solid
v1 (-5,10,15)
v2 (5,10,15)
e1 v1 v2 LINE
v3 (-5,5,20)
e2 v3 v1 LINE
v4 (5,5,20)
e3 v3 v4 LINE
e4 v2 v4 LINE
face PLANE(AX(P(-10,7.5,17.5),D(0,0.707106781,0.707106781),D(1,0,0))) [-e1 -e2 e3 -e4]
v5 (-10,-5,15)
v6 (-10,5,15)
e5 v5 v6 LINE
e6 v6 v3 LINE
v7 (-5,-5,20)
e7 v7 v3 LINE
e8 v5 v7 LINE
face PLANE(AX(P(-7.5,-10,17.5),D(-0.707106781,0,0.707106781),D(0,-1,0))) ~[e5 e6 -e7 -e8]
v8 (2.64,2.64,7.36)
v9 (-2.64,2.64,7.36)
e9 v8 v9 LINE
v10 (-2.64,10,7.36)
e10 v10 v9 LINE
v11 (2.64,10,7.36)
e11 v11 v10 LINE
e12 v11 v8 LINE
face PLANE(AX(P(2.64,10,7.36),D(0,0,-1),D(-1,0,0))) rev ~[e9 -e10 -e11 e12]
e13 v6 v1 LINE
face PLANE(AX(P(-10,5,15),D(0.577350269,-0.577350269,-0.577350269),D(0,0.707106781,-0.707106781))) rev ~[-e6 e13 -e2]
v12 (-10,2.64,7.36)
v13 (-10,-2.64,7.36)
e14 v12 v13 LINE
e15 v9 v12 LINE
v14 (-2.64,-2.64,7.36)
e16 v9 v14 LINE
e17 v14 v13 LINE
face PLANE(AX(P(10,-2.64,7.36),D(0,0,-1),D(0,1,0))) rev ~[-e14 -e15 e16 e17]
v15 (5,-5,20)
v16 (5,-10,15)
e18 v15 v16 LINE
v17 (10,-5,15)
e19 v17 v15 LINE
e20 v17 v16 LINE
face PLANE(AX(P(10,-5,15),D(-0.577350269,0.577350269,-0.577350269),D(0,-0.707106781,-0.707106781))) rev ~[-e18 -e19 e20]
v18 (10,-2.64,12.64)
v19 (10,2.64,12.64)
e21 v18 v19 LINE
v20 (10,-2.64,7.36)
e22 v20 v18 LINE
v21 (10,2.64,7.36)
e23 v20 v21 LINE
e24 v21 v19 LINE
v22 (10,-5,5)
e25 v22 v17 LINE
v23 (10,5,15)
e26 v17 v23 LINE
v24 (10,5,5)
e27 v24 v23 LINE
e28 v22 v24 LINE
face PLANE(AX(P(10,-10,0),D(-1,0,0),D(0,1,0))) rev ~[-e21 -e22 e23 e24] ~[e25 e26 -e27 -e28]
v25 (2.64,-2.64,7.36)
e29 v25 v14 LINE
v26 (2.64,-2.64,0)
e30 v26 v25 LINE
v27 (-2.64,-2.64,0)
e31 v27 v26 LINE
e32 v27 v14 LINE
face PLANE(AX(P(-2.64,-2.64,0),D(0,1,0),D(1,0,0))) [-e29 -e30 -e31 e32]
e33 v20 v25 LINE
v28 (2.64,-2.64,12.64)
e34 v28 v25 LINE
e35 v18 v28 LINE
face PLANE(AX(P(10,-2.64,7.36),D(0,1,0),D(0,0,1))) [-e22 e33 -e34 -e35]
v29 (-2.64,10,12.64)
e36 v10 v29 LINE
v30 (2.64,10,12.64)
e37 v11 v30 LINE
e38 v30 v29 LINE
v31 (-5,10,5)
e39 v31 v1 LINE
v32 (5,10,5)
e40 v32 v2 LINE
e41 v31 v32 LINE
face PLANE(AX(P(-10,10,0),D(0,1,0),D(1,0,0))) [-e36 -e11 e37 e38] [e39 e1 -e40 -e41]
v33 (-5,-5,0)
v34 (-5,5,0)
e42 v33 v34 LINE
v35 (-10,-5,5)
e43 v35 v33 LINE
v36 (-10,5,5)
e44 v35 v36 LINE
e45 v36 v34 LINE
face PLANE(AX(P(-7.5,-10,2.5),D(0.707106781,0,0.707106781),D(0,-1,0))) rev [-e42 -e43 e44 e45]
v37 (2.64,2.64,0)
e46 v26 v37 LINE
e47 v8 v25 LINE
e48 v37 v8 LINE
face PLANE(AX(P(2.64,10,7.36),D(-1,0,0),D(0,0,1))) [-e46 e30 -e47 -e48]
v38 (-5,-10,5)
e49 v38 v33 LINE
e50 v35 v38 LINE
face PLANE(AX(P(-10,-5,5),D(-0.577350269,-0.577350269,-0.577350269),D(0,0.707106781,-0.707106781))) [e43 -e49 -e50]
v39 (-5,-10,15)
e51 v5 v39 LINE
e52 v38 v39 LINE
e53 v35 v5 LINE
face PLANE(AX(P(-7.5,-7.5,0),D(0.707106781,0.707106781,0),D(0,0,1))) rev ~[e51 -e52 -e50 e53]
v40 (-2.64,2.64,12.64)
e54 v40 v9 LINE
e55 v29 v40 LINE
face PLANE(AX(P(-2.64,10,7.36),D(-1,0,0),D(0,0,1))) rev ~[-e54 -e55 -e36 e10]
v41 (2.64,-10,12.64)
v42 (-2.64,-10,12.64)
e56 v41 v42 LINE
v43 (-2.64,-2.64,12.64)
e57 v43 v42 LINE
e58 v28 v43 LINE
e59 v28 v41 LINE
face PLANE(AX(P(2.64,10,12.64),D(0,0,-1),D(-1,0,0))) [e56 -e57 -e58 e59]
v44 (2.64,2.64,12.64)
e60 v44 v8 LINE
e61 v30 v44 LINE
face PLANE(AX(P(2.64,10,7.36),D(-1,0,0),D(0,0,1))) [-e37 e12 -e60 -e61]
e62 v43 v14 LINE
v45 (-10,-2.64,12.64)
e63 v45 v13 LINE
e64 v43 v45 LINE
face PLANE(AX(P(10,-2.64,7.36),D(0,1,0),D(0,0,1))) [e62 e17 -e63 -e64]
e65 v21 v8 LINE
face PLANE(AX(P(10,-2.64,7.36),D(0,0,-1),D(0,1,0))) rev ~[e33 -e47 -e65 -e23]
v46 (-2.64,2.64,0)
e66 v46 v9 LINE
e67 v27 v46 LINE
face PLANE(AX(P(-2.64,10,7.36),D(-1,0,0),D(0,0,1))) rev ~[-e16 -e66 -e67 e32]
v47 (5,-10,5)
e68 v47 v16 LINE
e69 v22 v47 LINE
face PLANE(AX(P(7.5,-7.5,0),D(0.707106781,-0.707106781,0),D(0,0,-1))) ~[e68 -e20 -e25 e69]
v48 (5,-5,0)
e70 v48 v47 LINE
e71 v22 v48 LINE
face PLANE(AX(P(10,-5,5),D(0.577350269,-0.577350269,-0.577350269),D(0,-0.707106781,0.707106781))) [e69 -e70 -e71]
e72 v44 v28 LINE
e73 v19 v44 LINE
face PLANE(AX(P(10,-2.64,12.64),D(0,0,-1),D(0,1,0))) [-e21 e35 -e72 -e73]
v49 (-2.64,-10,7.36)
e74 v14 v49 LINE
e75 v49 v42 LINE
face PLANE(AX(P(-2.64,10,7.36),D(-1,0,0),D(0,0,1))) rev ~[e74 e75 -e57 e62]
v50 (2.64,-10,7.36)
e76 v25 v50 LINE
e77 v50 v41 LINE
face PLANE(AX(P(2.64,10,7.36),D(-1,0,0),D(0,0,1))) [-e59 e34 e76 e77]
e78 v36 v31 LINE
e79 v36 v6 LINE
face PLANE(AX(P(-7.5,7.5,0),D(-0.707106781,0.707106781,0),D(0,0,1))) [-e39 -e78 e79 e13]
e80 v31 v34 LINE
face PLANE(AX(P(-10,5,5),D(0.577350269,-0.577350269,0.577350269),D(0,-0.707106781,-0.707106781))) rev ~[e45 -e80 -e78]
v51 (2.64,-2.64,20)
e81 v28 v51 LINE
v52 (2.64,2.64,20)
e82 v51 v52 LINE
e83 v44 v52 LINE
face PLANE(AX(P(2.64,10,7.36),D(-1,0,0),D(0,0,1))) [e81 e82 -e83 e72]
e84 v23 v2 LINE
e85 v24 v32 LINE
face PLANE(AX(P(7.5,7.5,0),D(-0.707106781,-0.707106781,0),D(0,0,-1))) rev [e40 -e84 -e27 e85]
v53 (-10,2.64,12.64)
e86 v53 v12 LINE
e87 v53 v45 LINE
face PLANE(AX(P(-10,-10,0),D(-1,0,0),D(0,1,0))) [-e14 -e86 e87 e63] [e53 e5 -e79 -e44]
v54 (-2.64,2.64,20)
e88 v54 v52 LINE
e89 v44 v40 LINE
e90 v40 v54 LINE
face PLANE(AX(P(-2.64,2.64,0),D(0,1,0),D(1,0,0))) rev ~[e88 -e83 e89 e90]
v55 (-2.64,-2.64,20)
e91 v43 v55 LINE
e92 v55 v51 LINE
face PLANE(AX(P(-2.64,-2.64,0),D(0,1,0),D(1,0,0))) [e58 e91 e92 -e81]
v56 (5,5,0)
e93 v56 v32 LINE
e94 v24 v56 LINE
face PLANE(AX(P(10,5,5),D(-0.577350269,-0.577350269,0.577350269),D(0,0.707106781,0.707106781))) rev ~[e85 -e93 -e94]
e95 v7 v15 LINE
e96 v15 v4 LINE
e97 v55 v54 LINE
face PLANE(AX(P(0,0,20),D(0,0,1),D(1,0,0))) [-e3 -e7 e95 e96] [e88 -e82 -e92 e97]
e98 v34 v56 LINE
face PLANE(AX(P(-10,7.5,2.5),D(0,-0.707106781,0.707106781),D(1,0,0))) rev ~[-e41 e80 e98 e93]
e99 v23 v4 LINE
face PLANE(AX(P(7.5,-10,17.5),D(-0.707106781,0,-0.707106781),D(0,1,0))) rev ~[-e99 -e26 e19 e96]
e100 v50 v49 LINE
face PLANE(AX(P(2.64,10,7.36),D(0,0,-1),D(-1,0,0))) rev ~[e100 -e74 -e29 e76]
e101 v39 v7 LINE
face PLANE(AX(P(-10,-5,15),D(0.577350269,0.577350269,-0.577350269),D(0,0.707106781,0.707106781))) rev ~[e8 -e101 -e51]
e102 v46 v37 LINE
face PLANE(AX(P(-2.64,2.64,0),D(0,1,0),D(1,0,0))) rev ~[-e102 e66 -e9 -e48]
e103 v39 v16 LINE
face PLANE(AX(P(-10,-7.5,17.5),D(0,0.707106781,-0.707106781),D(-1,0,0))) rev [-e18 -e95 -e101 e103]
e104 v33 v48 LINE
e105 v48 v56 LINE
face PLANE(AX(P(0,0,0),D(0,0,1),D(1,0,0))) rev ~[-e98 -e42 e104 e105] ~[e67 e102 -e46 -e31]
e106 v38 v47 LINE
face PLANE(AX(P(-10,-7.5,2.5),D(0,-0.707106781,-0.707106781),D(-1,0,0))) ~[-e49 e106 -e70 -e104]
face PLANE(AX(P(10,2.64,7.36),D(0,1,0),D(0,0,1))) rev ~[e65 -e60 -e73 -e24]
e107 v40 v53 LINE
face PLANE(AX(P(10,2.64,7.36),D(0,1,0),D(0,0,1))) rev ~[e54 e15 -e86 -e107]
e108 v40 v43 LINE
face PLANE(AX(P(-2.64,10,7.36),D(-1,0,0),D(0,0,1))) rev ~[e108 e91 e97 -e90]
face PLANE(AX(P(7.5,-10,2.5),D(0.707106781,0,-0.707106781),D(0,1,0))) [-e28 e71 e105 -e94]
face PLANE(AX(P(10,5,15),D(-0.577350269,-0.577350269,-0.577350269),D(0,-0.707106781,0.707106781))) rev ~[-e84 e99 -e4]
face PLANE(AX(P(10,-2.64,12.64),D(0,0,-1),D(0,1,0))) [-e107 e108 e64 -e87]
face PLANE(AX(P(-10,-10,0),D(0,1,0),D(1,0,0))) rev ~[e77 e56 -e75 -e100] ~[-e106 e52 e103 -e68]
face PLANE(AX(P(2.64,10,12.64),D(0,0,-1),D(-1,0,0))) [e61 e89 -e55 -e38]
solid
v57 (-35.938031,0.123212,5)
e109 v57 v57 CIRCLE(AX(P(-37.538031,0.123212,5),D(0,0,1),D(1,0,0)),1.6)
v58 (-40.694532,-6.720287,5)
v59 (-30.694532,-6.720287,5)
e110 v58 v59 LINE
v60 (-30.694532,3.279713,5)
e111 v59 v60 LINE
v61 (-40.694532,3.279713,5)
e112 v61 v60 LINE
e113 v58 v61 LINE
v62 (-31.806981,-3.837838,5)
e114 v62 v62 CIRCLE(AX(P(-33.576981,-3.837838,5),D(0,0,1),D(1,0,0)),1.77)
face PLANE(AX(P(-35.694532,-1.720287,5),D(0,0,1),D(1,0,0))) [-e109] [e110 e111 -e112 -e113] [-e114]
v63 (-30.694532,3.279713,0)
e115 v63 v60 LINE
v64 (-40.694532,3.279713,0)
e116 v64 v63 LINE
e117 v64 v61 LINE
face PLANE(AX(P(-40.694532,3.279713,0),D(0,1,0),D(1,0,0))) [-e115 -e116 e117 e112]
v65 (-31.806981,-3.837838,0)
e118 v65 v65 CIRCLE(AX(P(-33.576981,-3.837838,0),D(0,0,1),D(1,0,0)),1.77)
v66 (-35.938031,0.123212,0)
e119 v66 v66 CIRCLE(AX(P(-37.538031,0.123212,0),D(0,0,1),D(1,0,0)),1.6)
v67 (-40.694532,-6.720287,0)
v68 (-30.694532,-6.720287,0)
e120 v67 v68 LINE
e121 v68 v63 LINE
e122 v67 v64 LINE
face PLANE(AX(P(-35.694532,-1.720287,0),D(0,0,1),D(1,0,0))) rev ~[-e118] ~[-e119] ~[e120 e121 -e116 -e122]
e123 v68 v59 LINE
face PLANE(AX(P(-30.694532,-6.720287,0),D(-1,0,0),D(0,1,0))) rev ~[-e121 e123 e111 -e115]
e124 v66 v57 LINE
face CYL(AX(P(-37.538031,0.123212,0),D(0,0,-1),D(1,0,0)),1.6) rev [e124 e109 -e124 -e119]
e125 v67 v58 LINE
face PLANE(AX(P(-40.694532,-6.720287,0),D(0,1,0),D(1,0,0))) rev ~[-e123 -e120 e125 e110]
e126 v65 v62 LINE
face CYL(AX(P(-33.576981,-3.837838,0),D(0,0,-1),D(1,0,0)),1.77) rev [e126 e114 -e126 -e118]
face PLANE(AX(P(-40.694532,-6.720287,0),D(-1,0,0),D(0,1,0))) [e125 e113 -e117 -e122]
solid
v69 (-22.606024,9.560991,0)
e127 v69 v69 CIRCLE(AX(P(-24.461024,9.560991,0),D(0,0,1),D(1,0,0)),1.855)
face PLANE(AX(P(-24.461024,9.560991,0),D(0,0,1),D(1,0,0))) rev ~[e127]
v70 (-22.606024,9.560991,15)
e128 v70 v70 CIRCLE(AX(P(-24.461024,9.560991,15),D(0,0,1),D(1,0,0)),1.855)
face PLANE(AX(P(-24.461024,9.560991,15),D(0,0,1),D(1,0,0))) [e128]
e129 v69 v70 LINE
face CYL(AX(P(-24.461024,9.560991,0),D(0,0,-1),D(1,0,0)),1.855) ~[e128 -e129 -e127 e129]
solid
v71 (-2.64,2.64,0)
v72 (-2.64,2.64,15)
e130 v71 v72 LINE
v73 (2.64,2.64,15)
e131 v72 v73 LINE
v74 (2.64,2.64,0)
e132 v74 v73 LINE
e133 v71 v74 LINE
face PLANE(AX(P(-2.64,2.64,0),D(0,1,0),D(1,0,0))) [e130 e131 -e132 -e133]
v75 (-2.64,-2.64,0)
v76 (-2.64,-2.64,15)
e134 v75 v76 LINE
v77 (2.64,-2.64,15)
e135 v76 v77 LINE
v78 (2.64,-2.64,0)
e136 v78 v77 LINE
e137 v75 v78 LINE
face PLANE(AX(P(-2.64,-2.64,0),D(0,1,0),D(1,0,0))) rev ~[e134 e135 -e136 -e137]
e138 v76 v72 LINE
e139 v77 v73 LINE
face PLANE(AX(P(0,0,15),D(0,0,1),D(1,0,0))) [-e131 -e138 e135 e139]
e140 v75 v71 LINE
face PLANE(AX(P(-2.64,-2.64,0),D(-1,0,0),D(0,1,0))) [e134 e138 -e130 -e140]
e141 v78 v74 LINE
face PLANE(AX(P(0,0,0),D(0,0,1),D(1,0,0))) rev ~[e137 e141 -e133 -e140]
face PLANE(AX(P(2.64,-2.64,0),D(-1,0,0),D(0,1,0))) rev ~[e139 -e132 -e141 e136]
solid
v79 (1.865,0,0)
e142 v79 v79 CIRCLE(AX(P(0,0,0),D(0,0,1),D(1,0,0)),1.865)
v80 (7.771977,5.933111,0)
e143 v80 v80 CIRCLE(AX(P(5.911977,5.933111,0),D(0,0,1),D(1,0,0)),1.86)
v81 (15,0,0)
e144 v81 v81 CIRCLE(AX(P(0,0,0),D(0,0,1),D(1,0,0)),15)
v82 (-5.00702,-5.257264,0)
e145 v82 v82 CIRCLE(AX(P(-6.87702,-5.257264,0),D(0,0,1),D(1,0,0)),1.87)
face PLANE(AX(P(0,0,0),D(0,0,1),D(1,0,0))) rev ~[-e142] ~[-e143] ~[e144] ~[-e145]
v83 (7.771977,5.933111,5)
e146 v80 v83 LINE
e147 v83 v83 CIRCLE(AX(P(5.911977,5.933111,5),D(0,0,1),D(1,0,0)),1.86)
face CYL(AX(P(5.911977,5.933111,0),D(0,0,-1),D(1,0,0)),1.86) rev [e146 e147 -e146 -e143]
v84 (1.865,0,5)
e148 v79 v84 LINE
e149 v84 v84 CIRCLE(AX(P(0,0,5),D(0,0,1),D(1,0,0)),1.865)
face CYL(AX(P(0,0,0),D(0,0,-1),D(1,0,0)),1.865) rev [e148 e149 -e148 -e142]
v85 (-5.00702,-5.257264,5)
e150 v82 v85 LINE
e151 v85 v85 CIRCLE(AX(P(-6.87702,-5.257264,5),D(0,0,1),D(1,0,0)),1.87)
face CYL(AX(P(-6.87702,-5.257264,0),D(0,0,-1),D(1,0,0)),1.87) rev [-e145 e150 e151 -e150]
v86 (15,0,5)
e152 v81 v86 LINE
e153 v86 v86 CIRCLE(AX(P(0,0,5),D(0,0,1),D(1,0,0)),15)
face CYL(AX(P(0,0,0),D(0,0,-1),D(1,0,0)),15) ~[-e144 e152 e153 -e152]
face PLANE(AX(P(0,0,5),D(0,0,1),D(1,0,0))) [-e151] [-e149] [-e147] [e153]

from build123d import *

# Parameters (mm, degrees)
F0_R      = 15
F0_R_2    = 1.87
F0_R_3    = 1.865
F0_R_4    = 1.86
F1_DEPTH  = 5
F2_R      = 1.855
F3_DEPTH  = 15
F4_W      = 10
F4_H      = 10
F4_R      = 1.77
F4_R_2    = 1.6
F5_DEPTH  = 5
F6_W      = 20
F6_H      = 20
F6_W_2    = 5.28
F6_H_2    = 5.28
F7_DEPTH  = 20
F8_W      = 5.28
F8_H      = 5.28
F9_DEPTH  = 25
F10_W     = 5.28
F10_H     = 5.28
F11_DEPTH = 25
F12_SIZE  = 5
F13_DEPTH = 15


with BuildPart() as f1:
    # F0 (on Top) → F1 (new body)
    with BuildSketch(Plane.XY):
        Circle(F0_R)
        with Locations((-6.87702, -5.257264)):
            Circle(F0_R_2, mode=Mode.SUBTRACT)
        Circle(F0_R_3, mode=Mode.SUBTRACT)
        with Locations((5.911977, 5.933111)):
            Circle(F0_R_4, mode=Mode.SUBTRACT)
    extrude(amount=F1_DEPTH)


with BuildPart() as f3:
    # F2 (on Top) → F3 (new body)
    with BuildSketch(Plane.XY):
        with Locations((-24.461024, 9.560991)):
            Circle(F2_R)
    extrude(amount=F3_DEPTH)


with BuildPart() as f5:
    # F4 (on Top) → F5 (new body)
    with BuildSketch(Plane.XY):
        with Locations((-35.694532, -1.720287)):
            Rectangle(F4_W, F4_H)
        with Locations((-33.576981, -3.837838)):
            Circle(F4_R, mode=Mode.SUBTRACT)
        with Locations((-37.538031, 0.123212)):
            Circle(F4_R_2, mode=Mode.SUBTRACT)
    extrude(amount=F5_DEPTH)


with BuildPart() as f7:
    # F6 (on Top) → F7 (new body)
    with BuildSketch(Plane.XY):
        Rectangle(F6_W, F6_H)
        Rectangle(F6_W_2, F6_H_2, mode=Mode.SUBTRACT)
    extrude(amount=F7_DEPTH)

    # F8 (on face) → F9 (cut)
    with BuildSketch(Plane(origin=(0, 10, 0), x_dir=(-1, 0, 0), z_dir=(0, 1, 0))):
        with Locations((0, 10)):
            Rectangle(F8_W, F8_H)
    extrude(amount=-F9_DEPTH, mode=Mode.SUBTRACT)

    # F10 (on face) → F11 (cut)
    with BuildSketch(Plane.YZ.offset(10)):
        with Locations((0, 10)):
            Rectangle(F10_W, F10_H)
    extrude(amount=-F11_DEPTH, mode=Mode.SUBTRACT)

    # F12
    f12_edges = [f7.edges().sort_by_distance(p)[0] for p in [
        (0, 10, 0),
        (0, 10, 20),
        (0, -10, 20),
        (0, -10, 0),
        (10, 0, 0),
        (10, 10, 10),
        (10, 0, 20),
        (10, -10, 10),
        (-10, -10, 10),
        (-10, 0, 20),
        (-10, 10, 10),
        (-10, 0, 0),
    ]]
    chamfer(f12_edges, length=F12_SIZE)


with BuildPart() as f13:
    # F6 (on Top) → F13 (new body)
    with BuildSketch(Plane.XY):
        Rectangle(F6_W_2, F6_H_2)
    extrude(amount=F13_DEPTH)


solid = Compound([f1.part, f3.part, f5.part, f7.part, f13.part])
